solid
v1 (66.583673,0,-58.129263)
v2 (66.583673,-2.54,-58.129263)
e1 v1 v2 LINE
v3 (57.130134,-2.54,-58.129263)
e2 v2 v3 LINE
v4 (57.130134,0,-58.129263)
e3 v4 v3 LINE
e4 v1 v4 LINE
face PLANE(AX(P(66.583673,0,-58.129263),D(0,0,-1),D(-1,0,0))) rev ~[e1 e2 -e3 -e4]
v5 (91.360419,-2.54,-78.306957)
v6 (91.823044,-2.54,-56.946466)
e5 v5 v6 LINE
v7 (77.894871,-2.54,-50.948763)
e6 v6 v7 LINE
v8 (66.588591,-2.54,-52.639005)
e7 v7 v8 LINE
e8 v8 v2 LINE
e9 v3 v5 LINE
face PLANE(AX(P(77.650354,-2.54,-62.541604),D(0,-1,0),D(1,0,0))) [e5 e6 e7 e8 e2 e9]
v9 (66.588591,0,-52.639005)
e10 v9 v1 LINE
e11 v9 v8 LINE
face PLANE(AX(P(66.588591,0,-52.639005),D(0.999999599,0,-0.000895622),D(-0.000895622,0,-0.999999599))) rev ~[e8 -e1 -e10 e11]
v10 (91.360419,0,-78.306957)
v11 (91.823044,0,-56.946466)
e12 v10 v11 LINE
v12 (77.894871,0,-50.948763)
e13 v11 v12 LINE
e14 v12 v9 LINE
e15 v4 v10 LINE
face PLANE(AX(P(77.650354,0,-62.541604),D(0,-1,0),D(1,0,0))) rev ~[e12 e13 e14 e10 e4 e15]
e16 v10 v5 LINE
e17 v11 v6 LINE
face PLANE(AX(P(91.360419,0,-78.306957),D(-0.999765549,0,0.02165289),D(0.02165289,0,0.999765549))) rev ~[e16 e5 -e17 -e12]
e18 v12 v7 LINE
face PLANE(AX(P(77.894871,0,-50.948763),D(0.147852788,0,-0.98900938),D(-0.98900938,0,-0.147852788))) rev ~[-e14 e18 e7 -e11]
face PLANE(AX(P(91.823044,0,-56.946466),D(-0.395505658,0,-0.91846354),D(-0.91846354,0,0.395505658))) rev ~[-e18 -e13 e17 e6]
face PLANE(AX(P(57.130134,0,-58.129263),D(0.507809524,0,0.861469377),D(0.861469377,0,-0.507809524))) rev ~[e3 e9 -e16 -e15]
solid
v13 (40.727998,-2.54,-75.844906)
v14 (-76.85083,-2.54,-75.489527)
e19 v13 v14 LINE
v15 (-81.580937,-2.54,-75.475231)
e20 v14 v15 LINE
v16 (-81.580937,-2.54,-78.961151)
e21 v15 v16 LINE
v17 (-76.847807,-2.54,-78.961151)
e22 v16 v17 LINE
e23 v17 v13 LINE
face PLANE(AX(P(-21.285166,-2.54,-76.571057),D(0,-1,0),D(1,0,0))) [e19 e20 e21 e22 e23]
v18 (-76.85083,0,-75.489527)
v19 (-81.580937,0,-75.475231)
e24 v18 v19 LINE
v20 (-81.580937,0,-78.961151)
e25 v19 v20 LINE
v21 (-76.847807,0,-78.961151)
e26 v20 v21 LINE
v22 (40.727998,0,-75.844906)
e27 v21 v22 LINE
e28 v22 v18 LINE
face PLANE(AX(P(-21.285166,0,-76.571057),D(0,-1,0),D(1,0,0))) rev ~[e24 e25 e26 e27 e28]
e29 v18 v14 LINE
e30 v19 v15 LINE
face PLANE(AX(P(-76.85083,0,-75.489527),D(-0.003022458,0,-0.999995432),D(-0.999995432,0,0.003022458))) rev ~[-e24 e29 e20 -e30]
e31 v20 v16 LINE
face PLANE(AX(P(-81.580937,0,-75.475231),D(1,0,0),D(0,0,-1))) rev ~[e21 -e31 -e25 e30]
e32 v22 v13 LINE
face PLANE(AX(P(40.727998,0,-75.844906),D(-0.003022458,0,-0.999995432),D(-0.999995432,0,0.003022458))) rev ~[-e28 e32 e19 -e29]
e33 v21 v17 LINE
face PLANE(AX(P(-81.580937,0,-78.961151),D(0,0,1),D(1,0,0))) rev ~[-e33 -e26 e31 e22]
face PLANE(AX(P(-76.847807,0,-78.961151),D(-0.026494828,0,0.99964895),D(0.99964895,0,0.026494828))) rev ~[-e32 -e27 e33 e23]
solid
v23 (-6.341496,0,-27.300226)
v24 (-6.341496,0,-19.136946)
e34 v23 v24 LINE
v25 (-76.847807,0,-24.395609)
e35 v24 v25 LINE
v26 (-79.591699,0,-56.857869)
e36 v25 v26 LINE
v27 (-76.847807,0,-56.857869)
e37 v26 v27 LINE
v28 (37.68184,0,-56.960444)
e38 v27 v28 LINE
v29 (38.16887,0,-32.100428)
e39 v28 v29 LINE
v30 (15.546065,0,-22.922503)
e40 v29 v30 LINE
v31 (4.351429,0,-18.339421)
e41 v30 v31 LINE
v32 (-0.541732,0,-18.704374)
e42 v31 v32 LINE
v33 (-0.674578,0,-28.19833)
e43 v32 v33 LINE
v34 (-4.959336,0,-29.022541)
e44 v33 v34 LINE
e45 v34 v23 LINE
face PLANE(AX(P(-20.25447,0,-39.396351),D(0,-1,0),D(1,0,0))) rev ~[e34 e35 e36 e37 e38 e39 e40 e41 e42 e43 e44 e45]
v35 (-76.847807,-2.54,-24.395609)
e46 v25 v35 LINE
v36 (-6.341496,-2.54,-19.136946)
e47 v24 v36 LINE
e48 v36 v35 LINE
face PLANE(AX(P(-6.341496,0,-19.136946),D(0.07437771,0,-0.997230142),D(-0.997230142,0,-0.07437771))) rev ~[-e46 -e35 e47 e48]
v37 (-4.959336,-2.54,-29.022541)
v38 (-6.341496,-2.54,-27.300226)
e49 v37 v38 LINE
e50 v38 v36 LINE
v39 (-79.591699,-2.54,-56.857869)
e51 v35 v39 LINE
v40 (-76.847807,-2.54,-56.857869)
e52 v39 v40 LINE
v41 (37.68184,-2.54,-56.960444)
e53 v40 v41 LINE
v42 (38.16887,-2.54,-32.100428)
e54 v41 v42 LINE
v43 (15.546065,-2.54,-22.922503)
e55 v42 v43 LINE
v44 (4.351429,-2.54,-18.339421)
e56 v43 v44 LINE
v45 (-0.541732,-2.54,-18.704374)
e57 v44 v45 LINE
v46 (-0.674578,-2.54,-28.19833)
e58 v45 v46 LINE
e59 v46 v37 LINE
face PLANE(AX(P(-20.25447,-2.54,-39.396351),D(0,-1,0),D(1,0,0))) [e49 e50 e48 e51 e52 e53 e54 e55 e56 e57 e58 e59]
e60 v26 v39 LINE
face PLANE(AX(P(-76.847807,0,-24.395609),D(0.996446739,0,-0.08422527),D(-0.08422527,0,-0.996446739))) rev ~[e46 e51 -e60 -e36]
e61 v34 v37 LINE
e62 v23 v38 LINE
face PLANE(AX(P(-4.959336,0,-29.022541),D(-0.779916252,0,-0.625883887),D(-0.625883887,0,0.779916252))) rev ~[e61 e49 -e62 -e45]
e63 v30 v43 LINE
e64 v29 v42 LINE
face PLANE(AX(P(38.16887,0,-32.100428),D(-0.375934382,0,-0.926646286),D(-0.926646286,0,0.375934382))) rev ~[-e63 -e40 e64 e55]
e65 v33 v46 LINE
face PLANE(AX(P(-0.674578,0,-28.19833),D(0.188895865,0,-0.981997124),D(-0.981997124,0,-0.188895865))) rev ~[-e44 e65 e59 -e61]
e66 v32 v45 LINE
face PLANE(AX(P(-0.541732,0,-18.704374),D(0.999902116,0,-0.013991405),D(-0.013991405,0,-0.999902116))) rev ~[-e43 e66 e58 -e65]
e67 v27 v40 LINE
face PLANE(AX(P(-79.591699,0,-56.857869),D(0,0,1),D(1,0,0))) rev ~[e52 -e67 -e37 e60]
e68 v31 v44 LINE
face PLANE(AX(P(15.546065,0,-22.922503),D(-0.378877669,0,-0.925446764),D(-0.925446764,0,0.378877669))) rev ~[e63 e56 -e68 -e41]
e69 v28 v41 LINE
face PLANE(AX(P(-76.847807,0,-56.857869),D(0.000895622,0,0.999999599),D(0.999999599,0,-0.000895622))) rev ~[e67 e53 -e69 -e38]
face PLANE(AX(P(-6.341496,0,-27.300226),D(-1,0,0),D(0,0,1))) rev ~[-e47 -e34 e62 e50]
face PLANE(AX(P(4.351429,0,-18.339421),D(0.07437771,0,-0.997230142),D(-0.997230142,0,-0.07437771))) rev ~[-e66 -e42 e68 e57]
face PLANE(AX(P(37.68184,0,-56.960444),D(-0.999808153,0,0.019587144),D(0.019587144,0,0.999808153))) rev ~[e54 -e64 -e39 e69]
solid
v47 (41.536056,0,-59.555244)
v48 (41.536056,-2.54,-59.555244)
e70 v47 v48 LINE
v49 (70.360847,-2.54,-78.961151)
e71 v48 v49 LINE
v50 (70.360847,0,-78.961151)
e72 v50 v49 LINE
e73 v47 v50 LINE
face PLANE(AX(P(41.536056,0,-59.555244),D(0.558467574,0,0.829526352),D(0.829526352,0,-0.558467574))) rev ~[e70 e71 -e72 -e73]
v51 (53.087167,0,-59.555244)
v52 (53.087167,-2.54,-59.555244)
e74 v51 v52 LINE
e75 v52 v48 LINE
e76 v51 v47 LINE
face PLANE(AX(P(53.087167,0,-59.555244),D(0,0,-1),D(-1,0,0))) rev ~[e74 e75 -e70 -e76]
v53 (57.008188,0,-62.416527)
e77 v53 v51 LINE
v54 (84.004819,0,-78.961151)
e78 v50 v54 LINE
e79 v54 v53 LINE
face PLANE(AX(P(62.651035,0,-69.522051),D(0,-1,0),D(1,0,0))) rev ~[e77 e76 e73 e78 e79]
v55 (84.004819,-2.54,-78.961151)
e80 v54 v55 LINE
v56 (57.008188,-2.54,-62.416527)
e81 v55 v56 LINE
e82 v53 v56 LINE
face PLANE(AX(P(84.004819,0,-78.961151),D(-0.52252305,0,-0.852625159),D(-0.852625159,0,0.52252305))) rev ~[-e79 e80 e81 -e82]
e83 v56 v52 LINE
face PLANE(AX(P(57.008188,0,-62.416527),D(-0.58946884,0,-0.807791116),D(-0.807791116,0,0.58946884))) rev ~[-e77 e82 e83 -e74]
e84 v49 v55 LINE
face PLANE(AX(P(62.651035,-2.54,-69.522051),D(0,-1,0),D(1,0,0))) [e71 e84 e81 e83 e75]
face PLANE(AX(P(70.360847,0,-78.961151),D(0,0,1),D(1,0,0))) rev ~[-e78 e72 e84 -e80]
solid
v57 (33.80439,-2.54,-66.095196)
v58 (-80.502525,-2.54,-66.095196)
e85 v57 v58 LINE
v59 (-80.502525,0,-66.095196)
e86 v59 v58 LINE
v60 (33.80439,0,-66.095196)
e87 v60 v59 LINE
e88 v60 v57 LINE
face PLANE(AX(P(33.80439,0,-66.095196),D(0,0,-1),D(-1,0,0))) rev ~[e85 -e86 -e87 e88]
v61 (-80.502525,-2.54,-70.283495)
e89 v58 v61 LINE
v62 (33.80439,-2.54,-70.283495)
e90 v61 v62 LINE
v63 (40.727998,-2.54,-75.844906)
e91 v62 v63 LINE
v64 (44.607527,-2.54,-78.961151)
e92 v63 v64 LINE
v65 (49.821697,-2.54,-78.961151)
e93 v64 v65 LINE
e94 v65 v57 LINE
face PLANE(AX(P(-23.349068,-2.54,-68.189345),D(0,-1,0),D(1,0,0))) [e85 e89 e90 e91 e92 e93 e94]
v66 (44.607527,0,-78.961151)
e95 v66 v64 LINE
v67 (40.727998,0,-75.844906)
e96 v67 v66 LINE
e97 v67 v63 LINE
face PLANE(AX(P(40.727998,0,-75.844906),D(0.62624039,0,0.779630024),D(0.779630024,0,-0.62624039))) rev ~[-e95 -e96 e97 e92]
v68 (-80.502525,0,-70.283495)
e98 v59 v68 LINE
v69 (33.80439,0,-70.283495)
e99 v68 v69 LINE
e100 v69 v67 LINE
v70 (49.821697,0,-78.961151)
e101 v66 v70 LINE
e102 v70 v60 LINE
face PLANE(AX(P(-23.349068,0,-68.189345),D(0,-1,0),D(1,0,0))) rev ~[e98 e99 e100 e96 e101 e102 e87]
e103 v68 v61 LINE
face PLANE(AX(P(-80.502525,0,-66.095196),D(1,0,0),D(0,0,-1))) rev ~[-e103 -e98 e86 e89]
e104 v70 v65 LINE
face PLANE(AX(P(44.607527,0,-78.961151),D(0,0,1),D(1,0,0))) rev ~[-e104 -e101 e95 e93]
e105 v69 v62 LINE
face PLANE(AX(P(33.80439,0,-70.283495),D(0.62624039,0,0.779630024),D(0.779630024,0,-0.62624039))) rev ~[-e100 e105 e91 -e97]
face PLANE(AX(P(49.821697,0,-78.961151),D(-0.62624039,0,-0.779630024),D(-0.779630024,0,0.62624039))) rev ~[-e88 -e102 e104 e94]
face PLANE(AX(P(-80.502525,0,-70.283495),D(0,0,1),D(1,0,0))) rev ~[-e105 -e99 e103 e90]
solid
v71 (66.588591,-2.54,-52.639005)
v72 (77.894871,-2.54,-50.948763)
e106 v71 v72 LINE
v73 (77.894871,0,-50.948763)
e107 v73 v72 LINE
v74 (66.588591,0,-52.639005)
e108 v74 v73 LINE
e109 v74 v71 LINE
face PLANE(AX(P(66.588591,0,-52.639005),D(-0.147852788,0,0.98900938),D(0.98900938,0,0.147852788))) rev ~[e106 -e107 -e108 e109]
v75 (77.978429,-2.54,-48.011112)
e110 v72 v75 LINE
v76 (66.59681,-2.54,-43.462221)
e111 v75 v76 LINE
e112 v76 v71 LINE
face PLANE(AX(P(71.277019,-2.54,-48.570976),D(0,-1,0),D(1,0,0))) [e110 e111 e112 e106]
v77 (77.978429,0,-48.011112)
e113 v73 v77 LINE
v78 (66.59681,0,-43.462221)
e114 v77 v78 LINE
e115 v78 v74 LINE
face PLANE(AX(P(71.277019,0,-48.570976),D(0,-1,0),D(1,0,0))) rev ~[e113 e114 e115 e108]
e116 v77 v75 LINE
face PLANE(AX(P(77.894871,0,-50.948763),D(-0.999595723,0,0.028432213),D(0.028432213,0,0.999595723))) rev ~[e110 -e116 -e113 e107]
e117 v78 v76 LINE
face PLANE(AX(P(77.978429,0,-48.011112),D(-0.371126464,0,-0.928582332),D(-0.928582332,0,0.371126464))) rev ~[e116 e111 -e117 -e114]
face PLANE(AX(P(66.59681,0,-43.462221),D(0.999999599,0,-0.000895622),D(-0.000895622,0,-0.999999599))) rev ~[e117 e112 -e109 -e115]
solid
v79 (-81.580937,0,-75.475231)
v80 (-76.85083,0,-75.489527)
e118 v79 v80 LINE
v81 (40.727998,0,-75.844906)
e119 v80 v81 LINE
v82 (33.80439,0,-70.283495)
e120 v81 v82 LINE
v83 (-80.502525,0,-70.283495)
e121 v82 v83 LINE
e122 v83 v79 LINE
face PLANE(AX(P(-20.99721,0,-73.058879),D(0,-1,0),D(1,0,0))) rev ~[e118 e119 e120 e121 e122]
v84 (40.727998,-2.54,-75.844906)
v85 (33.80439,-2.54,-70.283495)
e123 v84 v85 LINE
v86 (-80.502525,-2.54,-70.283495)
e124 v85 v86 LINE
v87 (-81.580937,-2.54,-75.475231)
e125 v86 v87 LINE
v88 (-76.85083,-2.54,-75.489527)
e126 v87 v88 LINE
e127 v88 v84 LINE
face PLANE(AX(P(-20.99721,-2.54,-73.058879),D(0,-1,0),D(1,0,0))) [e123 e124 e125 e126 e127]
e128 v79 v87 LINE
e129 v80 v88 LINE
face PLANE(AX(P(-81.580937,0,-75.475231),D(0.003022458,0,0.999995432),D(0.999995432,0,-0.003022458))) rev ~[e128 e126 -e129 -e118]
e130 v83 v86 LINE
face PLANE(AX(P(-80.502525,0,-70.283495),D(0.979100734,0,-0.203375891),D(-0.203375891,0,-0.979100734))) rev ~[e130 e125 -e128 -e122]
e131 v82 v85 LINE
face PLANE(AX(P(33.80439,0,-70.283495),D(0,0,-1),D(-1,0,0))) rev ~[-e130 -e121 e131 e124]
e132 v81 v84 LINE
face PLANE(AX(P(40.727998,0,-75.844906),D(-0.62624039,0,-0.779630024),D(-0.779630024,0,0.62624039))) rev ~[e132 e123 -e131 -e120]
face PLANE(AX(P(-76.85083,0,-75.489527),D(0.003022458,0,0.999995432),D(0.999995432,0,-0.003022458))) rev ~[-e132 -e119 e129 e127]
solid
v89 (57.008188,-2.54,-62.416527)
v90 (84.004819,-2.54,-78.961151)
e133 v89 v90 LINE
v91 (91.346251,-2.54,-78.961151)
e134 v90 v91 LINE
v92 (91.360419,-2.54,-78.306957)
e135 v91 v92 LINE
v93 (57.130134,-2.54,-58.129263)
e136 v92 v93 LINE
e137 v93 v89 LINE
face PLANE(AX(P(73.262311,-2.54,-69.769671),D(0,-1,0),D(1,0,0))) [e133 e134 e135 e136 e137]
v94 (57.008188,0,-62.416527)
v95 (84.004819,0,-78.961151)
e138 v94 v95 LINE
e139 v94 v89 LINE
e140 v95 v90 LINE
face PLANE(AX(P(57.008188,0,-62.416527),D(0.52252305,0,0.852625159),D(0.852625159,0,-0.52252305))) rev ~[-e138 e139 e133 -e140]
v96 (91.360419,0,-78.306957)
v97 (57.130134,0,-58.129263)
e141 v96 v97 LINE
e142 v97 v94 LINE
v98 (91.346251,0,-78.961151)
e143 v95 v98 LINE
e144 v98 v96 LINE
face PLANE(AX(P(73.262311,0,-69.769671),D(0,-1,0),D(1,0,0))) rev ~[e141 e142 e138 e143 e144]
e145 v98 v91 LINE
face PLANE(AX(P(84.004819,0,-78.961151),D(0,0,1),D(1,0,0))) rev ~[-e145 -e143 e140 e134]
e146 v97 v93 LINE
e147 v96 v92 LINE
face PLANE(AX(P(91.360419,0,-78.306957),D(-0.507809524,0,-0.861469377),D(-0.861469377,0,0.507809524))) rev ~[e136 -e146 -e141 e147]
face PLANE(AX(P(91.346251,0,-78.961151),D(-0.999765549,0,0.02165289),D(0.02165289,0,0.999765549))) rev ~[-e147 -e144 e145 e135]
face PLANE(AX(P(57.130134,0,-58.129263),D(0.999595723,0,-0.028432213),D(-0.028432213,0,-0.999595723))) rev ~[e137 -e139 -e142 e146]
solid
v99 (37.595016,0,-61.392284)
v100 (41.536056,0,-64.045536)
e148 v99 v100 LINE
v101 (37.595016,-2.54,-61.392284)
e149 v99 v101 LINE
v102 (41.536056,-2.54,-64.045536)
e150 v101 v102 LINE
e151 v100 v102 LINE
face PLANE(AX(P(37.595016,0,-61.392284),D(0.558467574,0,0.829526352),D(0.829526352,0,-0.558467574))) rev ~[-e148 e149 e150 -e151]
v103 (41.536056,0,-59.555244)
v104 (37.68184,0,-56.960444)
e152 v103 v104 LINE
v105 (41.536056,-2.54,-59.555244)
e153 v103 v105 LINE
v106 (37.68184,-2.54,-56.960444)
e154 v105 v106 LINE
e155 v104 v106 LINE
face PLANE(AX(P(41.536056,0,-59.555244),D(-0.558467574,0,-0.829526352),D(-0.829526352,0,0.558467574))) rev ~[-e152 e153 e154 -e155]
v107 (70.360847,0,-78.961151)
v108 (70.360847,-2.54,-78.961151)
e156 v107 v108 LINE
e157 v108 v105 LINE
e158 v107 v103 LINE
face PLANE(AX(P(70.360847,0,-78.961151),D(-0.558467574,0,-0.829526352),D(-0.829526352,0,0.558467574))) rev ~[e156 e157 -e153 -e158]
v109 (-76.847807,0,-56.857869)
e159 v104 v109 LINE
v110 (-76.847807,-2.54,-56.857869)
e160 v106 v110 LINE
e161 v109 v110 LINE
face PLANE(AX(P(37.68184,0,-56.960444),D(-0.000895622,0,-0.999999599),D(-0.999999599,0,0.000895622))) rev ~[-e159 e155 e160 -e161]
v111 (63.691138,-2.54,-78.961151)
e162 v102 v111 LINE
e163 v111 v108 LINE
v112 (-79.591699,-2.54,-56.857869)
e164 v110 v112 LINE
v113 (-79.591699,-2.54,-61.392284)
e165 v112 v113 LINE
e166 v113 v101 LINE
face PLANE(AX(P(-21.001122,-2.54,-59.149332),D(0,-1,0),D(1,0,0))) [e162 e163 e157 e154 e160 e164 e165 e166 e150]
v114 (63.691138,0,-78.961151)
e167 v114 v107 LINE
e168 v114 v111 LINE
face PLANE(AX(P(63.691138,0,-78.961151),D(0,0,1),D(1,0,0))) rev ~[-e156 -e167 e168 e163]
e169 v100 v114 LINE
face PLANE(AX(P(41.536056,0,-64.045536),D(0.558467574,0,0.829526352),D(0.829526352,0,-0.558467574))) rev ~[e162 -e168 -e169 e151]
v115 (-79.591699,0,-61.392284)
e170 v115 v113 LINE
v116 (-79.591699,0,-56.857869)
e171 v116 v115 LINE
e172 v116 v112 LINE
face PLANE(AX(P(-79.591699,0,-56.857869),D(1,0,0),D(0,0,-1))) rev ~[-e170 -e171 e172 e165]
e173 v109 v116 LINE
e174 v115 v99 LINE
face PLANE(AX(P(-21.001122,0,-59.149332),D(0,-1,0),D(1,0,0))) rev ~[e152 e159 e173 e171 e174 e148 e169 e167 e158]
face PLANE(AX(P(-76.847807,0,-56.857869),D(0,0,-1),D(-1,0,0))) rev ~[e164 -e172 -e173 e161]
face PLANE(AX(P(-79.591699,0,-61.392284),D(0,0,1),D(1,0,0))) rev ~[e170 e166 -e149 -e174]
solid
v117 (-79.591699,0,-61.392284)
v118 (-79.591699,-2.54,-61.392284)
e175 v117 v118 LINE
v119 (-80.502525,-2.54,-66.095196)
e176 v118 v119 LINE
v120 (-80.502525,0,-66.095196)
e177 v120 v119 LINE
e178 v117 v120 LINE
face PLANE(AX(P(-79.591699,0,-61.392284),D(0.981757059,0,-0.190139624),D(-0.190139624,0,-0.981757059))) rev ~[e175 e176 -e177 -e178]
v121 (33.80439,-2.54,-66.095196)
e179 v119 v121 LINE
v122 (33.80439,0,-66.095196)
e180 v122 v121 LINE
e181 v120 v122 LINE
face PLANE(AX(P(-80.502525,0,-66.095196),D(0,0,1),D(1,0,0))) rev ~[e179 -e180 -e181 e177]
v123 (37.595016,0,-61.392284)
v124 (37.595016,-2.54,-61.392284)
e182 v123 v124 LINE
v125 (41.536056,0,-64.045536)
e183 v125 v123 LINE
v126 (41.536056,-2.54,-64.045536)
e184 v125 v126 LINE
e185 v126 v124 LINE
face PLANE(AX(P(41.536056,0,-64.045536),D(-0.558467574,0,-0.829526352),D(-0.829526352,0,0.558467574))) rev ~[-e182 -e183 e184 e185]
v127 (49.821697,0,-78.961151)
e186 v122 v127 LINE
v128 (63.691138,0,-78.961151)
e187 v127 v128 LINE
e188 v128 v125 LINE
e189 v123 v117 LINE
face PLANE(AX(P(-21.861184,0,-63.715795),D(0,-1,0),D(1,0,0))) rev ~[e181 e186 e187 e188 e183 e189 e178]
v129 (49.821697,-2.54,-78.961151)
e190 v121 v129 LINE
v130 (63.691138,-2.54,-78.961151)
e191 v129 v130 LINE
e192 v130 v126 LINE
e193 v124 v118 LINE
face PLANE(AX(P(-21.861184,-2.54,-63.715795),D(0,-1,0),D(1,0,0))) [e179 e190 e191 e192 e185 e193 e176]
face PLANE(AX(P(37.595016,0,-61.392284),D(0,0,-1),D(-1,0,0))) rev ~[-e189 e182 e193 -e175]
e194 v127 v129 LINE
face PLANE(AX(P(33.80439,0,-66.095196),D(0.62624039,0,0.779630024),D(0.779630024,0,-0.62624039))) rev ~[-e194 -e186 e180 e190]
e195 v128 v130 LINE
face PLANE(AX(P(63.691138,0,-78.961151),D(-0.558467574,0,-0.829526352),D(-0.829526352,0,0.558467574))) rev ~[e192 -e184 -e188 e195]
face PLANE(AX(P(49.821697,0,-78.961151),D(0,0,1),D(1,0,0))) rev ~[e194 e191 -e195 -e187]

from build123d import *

# Parameters (mm, degrees)
F2_DEPTH = 2.54
F3_DEPTH = 2.54
F4_DEPTH = 2.54


with BuildPart() as f2:
    # F1 (on Front) → F2 (new body)
    with BuildSketch(Plane.XZ):
        Polygon((-81.5809369087, -75.475230813), (-81.5809369087, -78.9611507207), (-76.8478065729, -78.9611507207), (40.7279980952, -75.8449060952), (-76.8508296104, -75.489527428), align=None)
    extrude(amount=F2_DEPTH)


with BuildPart() as f2b:
    # F1 (on Front) → F2, piece 2 (new body)
    with BuildSketch(Plane.XZ):
        Polygon((-80.502524972, -66.0951957107), (-80.502524972, -70.2834948897), (33.8043898155, -70.2834948897), (33.8043898155, -66.0951957107), (-76.8478065729, -66.0951957107), align=None)
        Polygon((40.7279980952, -75.8449060952), (44.6075272818, -78.9611507207), (49.8216971755, -78.9611507207), (33.8043898155, -66.0951957107), (33.8043898155, -70.2834948897), align=None)
    extrude(amount=F2_DEPTH)


with BuildPart() as f2c:
    # F1 (on Front) → F2, piece 3 (new body)
    with BuildSketch(Plane.XZ):
        Polygon((-79.5916989446, -56.857869029), (-79.5916989446, -61.3922838997), (37.5950161402, -61.3922838997), (37.6818398776, -56.9604443388), (-76.8478065729, -56.857869029), align=None)
        Polygon((70.3608468175, -78.9611507207), (41.5360555053, -59.5552437007), (37.6818398776, -56.9604443388), (37.5950161402, -61.3922838997), (41.5360555053, -64.045536187), (63.6911382739, -78.9611507207), align=None)
    extrude(amount=F2_DEPTH)


with BuildPart() as f2d:
    # F1 (on Front) → F2, piece 4 (new body)
    with BuildSketch(Plane.XZ):
        Polygon((84.0048193932, -78.9611507207), (91.3462505137, -78.9611507207), (91.3604190266, -78.3069566897), (57.1301339189, -58.1292634916), (57.0081882179, -62.4165274203), align=None)
    extrude(amount=F2_DEPTH)


with BuildPart() as f3:
    # F1 (on Front) → F3 (new body)
    with BuildSketch(Plane.XZ):
        Polygon((-80.502524972, -70.2834948897), (-81.5809369087, -75.475230813), (-76.8508296104, -75.489527428), (40.7279980952, -75.8449060952), (33.8043898155, -70.2834948897), align=None)
    extrude(amount=F3_DEPTH)


with BuildPart() as f3b:
    # F1 (on Front) → F3, piece 2 (new body)
    with BuildSketch(Plane.XZ):
        Polygon((-79.5916989446, -61.3922838997), (-80.502524972, -66.0951957107), (-76.8478065729, -66.0951957107), (33.8043898155, -66.0951957107), (37.5950161402, -61.3922838997), align=None)
        Polygon((33.8043898155, -66.0951957107), (49.8216971755, -78.9611507207), (63.6911382739, -78.9611507207), (41.5360555053, -64.045536187), (37.5950161402, -61.3922838997), align=None)
    extrude(amount=F3_DEPTH)


with BuildPart() as f3c:
    # F1 (on Front) → F3, piece 3 (new body)
    with BuildSketch(Plane.XZ):
        Polygon((-76.8478065729, -56.857869029), (37.6818398776, -56.9604443388), (38.1688700454, -32.1004276141), (15.5460650954, -22.922502523), (4.3514288481, -18.339421304), (-0.5417316434, -18.7043742442), (-0.6745784194, -28.1983297318), (-4.9593360163, -29.0225408971), (-6.3414964825, -27.3002255708), (-6.3414964825, -19.1369456332), (-76.8478065729, -24.3956092745), (-79.5916989446, -56.857869029), align=None)
    extrude(amount=F3_DEPTH)


with BuildPart() as f3d:
    # F1 (on Front) → F3, piece 4 (new body)
    with BuildSketch(Plane.XZ):
        Polygon((57.0081882179, -62.4165274203), (53.0871674418, -59.5552437007), (41.5360555053, -59.5552437007), (70.3608468175, -78.9611507207), (84.0048193932, -78.9611507207), align=None)
    extrude(amount=F3_DEPTH)


with BuildPart() as f3e:
    # F1 (on Front) → F3, piece 5 (new body)
    with BuildSketch(Plane.XZ):
        Polygon((66.588590586, -52.6390053676), (77.8948708858, -50.9487634999), (77.9784285914, -48.0111122798), (66.596809519, -43.4622210421), align=None)
    extrude(amount=F3_DEPTH)


with BuildPart() as f4:
    # F1 (on Front) → F4 (new body)
    with BuildSketch(Plane.XZ):
        Polygon((57.1301339189, -58.1292634916), (91.3604190266, -78.3069566897), (91.8230438345, -56.9464661404), (86.9714392032, -54.8572845934), (77.8948708858, -50.9487634999), (66.588590586, -52.6390053676), (66.5836733882, -58.1292634916), align=None)
    extrude(amount=F4_DEPTH)


solid = Compound([f2.part, f2b.part, f2c.part, f2d.part, f3.part, f3b.part, f3c.part, f3d.part, f3e.part, f4.part])
